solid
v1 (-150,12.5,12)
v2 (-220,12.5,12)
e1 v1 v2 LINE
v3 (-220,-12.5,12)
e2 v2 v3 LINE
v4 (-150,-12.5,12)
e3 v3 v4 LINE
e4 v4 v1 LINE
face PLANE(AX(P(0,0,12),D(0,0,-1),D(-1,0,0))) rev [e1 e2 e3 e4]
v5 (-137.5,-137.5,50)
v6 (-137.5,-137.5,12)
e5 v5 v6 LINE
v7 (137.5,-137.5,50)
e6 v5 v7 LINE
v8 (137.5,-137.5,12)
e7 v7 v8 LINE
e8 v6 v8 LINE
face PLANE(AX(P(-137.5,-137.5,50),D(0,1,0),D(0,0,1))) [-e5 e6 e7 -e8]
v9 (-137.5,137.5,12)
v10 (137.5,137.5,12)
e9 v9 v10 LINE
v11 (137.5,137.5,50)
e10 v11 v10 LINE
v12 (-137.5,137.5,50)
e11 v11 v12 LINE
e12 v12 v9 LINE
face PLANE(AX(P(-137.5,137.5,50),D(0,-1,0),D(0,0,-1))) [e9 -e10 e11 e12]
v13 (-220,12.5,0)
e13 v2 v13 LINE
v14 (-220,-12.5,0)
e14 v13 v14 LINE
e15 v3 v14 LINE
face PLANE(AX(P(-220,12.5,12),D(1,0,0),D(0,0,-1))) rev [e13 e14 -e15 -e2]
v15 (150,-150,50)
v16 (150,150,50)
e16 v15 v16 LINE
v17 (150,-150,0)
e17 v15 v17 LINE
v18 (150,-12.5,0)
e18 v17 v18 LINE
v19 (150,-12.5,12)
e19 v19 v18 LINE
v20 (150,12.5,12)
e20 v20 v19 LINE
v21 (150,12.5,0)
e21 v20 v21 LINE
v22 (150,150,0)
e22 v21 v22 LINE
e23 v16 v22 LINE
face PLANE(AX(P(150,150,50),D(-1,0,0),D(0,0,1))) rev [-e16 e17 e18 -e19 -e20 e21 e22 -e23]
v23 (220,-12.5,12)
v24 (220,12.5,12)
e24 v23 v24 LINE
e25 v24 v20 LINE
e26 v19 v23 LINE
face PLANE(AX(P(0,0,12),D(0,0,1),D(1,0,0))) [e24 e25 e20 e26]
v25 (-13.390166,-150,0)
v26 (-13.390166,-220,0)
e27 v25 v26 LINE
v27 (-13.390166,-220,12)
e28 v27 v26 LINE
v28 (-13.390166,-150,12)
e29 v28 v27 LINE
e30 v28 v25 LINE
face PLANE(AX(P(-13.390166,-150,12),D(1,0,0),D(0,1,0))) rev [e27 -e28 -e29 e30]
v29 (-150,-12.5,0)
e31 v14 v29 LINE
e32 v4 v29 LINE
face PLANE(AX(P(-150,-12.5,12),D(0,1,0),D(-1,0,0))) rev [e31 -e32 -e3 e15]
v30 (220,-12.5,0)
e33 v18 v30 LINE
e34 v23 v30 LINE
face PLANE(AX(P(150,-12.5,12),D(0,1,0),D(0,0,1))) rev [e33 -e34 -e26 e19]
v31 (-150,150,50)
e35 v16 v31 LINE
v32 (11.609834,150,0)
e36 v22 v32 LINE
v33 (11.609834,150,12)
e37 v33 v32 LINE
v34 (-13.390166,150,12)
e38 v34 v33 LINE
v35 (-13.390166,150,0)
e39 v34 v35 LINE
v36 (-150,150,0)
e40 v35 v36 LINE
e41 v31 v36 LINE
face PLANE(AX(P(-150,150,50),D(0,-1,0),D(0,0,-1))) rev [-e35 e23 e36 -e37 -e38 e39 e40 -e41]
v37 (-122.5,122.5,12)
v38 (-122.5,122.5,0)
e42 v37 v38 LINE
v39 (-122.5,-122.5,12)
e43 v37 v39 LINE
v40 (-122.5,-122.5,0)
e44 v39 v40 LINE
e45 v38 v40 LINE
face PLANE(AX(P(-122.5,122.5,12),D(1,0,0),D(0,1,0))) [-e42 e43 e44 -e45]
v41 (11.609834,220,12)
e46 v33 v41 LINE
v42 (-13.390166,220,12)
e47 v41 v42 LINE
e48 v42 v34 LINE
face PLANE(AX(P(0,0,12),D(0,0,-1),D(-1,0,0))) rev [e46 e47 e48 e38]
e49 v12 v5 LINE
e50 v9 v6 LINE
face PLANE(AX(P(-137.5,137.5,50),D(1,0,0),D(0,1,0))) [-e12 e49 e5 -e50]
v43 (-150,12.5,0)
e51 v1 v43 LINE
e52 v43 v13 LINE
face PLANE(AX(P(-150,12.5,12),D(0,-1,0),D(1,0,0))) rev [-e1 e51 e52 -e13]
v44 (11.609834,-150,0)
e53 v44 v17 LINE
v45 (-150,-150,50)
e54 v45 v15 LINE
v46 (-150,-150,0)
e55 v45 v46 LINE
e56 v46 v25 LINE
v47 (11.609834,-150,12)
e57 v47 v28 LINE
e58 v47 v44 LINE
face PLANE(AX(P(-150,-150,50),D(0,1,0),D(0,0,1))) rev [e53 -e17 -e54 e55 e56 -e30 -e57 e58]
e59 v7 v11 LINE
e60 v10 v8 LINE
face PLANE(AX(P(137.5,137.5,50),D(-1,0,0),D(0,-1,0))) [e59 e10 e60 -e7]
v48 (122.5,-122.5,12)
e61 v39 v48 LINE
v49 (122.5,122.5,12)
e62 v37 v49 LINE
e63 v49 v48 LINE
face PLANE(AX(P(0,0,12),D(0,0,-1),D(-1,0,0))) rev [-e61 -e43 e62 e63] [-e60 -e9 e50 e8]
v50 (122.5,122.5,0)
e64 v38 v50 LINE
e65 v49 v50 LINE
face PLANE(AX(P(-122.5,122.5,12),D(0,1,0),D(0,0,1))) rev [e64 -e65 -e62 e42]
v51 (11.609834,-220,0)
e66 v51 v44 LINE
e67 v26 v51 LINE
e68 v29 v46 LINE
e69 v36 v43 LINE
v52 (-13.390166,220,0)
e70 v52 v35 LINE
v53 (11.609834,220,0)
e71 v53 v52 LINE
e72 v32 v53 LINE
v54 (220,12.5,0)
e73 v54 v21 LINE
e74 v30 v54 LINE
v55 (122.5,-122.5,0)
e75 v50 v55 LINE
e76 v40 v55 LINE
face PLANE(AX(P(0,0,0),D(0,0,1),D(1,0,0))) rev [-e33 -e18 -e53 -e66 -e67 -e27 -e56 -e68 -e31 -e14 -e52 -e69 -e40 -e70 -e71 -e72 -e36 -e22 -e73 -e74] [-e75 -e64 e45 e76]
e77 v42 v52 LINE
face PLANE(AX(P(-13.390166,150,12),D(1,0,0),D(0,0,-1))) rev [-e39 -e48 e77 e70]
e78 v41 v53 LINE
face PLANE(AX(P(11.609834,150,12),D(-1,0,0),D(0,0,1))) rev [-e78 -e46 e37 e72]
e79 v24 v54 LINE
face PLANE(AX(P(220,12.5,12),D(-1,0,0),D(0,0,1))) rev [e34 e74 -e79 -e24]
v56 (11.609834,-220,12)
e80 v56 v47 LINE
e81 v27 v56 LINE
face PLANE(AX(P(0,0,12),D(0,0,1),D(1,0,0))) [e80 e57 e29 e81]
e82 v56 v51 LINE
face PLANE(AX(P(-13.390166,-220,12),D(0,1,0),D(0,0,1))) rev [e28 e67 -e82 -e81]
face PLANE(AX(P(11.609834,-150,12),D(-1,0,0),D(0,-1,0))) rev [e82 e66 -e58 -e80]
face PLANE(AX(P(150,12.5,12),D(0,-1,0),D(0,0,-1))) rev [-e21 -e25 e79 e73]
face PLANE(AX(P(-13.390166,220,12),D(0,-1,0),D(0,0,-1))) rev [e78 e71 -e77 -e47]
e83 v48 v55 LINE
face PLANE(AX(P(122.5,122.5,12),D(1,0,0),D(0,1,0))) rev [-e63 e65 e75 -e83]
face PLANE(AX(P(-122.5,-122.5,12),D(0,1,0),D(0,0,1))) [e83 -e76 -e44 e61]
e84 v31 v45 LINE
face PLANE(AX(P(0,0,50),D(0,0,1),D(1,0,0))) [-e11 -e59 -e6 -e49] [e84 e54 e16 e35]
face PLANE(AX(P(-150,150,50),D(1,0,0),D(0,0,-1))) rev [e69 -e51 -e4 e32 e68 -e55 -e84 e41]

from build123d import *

# Parameters (mm, degrees)
ESQUISSE1_W        = 300
ESQUISSE1_H        = 300
ESQUISSE1_W_2      = 275
ESQUISSE1_H_2      = 275
BOSS_EXTRU_1_DEPTH = 50
ESQUISSE2_W        = 275
ESQUISSE2_H        = 275
ESQUISSE2_W_2      = 245
ESQUISSE2_H_2      = 245
BOSS_EXTRU_2_DEPTH = 12
ESQUISSE3_W        = 25
ESQUISSE3_H        = 70
ESQUISSE3_W_2      = 70
ESQUISSE3_H_2      = 25
BOSS_EXTRU_3_DEPTH = 12


with BuildPart() as part:
    # Esquisse1 → Boss.-Extru.1 (new body)
    with BuildSketch(Plane.XY):
        Rectangle(ESQUISSE1_W, ESQUISSE1_H)
        Rectangle(ESQUISSE1_W_2, ESQUISSE1_H_2, mode=Mode.SUBTRACT)
    extrude(amount=BOSS_EXTRU_1_DEPTH)

    # Esquisse2 → Boss.-Extru.2 (add)
    with BuildSketch(Plane.XY):
        Rectangle(ESQUISSE2_W, ESQUISSE2_H)
        Rectangle(ESQUISSE2_W_2, ESQUISSE2_H_2, mode=Mode.SUBTRACT)
    extrude(amount=BOSS_EXTRU_2_DEPTH)

    # Esquisse3 → Boss.-Extru.3 (add)
    with BuildSketch(Plane.XY):
        with Locations((-0.890165861, 185)):
            Rectangle(ESQUISSE3_W, ESQUISSE3_H)
        with Locations((185, 0)):
            Rectangle(ESQUISSE3_W_2, ESQUISSE3_H_2)
        with Locations((-185, 0)):
            Rectangle(ESQUISSE3_W_2, ESQUISSE3_H_2)
        with Locations((-0.890165861, -185)):
            Rectangle(ESQUISSE3_W, ESQUISSE3_H)
    extrude(amount=BOSS_EXTRU_3_DEPTH)


solid = part.part
